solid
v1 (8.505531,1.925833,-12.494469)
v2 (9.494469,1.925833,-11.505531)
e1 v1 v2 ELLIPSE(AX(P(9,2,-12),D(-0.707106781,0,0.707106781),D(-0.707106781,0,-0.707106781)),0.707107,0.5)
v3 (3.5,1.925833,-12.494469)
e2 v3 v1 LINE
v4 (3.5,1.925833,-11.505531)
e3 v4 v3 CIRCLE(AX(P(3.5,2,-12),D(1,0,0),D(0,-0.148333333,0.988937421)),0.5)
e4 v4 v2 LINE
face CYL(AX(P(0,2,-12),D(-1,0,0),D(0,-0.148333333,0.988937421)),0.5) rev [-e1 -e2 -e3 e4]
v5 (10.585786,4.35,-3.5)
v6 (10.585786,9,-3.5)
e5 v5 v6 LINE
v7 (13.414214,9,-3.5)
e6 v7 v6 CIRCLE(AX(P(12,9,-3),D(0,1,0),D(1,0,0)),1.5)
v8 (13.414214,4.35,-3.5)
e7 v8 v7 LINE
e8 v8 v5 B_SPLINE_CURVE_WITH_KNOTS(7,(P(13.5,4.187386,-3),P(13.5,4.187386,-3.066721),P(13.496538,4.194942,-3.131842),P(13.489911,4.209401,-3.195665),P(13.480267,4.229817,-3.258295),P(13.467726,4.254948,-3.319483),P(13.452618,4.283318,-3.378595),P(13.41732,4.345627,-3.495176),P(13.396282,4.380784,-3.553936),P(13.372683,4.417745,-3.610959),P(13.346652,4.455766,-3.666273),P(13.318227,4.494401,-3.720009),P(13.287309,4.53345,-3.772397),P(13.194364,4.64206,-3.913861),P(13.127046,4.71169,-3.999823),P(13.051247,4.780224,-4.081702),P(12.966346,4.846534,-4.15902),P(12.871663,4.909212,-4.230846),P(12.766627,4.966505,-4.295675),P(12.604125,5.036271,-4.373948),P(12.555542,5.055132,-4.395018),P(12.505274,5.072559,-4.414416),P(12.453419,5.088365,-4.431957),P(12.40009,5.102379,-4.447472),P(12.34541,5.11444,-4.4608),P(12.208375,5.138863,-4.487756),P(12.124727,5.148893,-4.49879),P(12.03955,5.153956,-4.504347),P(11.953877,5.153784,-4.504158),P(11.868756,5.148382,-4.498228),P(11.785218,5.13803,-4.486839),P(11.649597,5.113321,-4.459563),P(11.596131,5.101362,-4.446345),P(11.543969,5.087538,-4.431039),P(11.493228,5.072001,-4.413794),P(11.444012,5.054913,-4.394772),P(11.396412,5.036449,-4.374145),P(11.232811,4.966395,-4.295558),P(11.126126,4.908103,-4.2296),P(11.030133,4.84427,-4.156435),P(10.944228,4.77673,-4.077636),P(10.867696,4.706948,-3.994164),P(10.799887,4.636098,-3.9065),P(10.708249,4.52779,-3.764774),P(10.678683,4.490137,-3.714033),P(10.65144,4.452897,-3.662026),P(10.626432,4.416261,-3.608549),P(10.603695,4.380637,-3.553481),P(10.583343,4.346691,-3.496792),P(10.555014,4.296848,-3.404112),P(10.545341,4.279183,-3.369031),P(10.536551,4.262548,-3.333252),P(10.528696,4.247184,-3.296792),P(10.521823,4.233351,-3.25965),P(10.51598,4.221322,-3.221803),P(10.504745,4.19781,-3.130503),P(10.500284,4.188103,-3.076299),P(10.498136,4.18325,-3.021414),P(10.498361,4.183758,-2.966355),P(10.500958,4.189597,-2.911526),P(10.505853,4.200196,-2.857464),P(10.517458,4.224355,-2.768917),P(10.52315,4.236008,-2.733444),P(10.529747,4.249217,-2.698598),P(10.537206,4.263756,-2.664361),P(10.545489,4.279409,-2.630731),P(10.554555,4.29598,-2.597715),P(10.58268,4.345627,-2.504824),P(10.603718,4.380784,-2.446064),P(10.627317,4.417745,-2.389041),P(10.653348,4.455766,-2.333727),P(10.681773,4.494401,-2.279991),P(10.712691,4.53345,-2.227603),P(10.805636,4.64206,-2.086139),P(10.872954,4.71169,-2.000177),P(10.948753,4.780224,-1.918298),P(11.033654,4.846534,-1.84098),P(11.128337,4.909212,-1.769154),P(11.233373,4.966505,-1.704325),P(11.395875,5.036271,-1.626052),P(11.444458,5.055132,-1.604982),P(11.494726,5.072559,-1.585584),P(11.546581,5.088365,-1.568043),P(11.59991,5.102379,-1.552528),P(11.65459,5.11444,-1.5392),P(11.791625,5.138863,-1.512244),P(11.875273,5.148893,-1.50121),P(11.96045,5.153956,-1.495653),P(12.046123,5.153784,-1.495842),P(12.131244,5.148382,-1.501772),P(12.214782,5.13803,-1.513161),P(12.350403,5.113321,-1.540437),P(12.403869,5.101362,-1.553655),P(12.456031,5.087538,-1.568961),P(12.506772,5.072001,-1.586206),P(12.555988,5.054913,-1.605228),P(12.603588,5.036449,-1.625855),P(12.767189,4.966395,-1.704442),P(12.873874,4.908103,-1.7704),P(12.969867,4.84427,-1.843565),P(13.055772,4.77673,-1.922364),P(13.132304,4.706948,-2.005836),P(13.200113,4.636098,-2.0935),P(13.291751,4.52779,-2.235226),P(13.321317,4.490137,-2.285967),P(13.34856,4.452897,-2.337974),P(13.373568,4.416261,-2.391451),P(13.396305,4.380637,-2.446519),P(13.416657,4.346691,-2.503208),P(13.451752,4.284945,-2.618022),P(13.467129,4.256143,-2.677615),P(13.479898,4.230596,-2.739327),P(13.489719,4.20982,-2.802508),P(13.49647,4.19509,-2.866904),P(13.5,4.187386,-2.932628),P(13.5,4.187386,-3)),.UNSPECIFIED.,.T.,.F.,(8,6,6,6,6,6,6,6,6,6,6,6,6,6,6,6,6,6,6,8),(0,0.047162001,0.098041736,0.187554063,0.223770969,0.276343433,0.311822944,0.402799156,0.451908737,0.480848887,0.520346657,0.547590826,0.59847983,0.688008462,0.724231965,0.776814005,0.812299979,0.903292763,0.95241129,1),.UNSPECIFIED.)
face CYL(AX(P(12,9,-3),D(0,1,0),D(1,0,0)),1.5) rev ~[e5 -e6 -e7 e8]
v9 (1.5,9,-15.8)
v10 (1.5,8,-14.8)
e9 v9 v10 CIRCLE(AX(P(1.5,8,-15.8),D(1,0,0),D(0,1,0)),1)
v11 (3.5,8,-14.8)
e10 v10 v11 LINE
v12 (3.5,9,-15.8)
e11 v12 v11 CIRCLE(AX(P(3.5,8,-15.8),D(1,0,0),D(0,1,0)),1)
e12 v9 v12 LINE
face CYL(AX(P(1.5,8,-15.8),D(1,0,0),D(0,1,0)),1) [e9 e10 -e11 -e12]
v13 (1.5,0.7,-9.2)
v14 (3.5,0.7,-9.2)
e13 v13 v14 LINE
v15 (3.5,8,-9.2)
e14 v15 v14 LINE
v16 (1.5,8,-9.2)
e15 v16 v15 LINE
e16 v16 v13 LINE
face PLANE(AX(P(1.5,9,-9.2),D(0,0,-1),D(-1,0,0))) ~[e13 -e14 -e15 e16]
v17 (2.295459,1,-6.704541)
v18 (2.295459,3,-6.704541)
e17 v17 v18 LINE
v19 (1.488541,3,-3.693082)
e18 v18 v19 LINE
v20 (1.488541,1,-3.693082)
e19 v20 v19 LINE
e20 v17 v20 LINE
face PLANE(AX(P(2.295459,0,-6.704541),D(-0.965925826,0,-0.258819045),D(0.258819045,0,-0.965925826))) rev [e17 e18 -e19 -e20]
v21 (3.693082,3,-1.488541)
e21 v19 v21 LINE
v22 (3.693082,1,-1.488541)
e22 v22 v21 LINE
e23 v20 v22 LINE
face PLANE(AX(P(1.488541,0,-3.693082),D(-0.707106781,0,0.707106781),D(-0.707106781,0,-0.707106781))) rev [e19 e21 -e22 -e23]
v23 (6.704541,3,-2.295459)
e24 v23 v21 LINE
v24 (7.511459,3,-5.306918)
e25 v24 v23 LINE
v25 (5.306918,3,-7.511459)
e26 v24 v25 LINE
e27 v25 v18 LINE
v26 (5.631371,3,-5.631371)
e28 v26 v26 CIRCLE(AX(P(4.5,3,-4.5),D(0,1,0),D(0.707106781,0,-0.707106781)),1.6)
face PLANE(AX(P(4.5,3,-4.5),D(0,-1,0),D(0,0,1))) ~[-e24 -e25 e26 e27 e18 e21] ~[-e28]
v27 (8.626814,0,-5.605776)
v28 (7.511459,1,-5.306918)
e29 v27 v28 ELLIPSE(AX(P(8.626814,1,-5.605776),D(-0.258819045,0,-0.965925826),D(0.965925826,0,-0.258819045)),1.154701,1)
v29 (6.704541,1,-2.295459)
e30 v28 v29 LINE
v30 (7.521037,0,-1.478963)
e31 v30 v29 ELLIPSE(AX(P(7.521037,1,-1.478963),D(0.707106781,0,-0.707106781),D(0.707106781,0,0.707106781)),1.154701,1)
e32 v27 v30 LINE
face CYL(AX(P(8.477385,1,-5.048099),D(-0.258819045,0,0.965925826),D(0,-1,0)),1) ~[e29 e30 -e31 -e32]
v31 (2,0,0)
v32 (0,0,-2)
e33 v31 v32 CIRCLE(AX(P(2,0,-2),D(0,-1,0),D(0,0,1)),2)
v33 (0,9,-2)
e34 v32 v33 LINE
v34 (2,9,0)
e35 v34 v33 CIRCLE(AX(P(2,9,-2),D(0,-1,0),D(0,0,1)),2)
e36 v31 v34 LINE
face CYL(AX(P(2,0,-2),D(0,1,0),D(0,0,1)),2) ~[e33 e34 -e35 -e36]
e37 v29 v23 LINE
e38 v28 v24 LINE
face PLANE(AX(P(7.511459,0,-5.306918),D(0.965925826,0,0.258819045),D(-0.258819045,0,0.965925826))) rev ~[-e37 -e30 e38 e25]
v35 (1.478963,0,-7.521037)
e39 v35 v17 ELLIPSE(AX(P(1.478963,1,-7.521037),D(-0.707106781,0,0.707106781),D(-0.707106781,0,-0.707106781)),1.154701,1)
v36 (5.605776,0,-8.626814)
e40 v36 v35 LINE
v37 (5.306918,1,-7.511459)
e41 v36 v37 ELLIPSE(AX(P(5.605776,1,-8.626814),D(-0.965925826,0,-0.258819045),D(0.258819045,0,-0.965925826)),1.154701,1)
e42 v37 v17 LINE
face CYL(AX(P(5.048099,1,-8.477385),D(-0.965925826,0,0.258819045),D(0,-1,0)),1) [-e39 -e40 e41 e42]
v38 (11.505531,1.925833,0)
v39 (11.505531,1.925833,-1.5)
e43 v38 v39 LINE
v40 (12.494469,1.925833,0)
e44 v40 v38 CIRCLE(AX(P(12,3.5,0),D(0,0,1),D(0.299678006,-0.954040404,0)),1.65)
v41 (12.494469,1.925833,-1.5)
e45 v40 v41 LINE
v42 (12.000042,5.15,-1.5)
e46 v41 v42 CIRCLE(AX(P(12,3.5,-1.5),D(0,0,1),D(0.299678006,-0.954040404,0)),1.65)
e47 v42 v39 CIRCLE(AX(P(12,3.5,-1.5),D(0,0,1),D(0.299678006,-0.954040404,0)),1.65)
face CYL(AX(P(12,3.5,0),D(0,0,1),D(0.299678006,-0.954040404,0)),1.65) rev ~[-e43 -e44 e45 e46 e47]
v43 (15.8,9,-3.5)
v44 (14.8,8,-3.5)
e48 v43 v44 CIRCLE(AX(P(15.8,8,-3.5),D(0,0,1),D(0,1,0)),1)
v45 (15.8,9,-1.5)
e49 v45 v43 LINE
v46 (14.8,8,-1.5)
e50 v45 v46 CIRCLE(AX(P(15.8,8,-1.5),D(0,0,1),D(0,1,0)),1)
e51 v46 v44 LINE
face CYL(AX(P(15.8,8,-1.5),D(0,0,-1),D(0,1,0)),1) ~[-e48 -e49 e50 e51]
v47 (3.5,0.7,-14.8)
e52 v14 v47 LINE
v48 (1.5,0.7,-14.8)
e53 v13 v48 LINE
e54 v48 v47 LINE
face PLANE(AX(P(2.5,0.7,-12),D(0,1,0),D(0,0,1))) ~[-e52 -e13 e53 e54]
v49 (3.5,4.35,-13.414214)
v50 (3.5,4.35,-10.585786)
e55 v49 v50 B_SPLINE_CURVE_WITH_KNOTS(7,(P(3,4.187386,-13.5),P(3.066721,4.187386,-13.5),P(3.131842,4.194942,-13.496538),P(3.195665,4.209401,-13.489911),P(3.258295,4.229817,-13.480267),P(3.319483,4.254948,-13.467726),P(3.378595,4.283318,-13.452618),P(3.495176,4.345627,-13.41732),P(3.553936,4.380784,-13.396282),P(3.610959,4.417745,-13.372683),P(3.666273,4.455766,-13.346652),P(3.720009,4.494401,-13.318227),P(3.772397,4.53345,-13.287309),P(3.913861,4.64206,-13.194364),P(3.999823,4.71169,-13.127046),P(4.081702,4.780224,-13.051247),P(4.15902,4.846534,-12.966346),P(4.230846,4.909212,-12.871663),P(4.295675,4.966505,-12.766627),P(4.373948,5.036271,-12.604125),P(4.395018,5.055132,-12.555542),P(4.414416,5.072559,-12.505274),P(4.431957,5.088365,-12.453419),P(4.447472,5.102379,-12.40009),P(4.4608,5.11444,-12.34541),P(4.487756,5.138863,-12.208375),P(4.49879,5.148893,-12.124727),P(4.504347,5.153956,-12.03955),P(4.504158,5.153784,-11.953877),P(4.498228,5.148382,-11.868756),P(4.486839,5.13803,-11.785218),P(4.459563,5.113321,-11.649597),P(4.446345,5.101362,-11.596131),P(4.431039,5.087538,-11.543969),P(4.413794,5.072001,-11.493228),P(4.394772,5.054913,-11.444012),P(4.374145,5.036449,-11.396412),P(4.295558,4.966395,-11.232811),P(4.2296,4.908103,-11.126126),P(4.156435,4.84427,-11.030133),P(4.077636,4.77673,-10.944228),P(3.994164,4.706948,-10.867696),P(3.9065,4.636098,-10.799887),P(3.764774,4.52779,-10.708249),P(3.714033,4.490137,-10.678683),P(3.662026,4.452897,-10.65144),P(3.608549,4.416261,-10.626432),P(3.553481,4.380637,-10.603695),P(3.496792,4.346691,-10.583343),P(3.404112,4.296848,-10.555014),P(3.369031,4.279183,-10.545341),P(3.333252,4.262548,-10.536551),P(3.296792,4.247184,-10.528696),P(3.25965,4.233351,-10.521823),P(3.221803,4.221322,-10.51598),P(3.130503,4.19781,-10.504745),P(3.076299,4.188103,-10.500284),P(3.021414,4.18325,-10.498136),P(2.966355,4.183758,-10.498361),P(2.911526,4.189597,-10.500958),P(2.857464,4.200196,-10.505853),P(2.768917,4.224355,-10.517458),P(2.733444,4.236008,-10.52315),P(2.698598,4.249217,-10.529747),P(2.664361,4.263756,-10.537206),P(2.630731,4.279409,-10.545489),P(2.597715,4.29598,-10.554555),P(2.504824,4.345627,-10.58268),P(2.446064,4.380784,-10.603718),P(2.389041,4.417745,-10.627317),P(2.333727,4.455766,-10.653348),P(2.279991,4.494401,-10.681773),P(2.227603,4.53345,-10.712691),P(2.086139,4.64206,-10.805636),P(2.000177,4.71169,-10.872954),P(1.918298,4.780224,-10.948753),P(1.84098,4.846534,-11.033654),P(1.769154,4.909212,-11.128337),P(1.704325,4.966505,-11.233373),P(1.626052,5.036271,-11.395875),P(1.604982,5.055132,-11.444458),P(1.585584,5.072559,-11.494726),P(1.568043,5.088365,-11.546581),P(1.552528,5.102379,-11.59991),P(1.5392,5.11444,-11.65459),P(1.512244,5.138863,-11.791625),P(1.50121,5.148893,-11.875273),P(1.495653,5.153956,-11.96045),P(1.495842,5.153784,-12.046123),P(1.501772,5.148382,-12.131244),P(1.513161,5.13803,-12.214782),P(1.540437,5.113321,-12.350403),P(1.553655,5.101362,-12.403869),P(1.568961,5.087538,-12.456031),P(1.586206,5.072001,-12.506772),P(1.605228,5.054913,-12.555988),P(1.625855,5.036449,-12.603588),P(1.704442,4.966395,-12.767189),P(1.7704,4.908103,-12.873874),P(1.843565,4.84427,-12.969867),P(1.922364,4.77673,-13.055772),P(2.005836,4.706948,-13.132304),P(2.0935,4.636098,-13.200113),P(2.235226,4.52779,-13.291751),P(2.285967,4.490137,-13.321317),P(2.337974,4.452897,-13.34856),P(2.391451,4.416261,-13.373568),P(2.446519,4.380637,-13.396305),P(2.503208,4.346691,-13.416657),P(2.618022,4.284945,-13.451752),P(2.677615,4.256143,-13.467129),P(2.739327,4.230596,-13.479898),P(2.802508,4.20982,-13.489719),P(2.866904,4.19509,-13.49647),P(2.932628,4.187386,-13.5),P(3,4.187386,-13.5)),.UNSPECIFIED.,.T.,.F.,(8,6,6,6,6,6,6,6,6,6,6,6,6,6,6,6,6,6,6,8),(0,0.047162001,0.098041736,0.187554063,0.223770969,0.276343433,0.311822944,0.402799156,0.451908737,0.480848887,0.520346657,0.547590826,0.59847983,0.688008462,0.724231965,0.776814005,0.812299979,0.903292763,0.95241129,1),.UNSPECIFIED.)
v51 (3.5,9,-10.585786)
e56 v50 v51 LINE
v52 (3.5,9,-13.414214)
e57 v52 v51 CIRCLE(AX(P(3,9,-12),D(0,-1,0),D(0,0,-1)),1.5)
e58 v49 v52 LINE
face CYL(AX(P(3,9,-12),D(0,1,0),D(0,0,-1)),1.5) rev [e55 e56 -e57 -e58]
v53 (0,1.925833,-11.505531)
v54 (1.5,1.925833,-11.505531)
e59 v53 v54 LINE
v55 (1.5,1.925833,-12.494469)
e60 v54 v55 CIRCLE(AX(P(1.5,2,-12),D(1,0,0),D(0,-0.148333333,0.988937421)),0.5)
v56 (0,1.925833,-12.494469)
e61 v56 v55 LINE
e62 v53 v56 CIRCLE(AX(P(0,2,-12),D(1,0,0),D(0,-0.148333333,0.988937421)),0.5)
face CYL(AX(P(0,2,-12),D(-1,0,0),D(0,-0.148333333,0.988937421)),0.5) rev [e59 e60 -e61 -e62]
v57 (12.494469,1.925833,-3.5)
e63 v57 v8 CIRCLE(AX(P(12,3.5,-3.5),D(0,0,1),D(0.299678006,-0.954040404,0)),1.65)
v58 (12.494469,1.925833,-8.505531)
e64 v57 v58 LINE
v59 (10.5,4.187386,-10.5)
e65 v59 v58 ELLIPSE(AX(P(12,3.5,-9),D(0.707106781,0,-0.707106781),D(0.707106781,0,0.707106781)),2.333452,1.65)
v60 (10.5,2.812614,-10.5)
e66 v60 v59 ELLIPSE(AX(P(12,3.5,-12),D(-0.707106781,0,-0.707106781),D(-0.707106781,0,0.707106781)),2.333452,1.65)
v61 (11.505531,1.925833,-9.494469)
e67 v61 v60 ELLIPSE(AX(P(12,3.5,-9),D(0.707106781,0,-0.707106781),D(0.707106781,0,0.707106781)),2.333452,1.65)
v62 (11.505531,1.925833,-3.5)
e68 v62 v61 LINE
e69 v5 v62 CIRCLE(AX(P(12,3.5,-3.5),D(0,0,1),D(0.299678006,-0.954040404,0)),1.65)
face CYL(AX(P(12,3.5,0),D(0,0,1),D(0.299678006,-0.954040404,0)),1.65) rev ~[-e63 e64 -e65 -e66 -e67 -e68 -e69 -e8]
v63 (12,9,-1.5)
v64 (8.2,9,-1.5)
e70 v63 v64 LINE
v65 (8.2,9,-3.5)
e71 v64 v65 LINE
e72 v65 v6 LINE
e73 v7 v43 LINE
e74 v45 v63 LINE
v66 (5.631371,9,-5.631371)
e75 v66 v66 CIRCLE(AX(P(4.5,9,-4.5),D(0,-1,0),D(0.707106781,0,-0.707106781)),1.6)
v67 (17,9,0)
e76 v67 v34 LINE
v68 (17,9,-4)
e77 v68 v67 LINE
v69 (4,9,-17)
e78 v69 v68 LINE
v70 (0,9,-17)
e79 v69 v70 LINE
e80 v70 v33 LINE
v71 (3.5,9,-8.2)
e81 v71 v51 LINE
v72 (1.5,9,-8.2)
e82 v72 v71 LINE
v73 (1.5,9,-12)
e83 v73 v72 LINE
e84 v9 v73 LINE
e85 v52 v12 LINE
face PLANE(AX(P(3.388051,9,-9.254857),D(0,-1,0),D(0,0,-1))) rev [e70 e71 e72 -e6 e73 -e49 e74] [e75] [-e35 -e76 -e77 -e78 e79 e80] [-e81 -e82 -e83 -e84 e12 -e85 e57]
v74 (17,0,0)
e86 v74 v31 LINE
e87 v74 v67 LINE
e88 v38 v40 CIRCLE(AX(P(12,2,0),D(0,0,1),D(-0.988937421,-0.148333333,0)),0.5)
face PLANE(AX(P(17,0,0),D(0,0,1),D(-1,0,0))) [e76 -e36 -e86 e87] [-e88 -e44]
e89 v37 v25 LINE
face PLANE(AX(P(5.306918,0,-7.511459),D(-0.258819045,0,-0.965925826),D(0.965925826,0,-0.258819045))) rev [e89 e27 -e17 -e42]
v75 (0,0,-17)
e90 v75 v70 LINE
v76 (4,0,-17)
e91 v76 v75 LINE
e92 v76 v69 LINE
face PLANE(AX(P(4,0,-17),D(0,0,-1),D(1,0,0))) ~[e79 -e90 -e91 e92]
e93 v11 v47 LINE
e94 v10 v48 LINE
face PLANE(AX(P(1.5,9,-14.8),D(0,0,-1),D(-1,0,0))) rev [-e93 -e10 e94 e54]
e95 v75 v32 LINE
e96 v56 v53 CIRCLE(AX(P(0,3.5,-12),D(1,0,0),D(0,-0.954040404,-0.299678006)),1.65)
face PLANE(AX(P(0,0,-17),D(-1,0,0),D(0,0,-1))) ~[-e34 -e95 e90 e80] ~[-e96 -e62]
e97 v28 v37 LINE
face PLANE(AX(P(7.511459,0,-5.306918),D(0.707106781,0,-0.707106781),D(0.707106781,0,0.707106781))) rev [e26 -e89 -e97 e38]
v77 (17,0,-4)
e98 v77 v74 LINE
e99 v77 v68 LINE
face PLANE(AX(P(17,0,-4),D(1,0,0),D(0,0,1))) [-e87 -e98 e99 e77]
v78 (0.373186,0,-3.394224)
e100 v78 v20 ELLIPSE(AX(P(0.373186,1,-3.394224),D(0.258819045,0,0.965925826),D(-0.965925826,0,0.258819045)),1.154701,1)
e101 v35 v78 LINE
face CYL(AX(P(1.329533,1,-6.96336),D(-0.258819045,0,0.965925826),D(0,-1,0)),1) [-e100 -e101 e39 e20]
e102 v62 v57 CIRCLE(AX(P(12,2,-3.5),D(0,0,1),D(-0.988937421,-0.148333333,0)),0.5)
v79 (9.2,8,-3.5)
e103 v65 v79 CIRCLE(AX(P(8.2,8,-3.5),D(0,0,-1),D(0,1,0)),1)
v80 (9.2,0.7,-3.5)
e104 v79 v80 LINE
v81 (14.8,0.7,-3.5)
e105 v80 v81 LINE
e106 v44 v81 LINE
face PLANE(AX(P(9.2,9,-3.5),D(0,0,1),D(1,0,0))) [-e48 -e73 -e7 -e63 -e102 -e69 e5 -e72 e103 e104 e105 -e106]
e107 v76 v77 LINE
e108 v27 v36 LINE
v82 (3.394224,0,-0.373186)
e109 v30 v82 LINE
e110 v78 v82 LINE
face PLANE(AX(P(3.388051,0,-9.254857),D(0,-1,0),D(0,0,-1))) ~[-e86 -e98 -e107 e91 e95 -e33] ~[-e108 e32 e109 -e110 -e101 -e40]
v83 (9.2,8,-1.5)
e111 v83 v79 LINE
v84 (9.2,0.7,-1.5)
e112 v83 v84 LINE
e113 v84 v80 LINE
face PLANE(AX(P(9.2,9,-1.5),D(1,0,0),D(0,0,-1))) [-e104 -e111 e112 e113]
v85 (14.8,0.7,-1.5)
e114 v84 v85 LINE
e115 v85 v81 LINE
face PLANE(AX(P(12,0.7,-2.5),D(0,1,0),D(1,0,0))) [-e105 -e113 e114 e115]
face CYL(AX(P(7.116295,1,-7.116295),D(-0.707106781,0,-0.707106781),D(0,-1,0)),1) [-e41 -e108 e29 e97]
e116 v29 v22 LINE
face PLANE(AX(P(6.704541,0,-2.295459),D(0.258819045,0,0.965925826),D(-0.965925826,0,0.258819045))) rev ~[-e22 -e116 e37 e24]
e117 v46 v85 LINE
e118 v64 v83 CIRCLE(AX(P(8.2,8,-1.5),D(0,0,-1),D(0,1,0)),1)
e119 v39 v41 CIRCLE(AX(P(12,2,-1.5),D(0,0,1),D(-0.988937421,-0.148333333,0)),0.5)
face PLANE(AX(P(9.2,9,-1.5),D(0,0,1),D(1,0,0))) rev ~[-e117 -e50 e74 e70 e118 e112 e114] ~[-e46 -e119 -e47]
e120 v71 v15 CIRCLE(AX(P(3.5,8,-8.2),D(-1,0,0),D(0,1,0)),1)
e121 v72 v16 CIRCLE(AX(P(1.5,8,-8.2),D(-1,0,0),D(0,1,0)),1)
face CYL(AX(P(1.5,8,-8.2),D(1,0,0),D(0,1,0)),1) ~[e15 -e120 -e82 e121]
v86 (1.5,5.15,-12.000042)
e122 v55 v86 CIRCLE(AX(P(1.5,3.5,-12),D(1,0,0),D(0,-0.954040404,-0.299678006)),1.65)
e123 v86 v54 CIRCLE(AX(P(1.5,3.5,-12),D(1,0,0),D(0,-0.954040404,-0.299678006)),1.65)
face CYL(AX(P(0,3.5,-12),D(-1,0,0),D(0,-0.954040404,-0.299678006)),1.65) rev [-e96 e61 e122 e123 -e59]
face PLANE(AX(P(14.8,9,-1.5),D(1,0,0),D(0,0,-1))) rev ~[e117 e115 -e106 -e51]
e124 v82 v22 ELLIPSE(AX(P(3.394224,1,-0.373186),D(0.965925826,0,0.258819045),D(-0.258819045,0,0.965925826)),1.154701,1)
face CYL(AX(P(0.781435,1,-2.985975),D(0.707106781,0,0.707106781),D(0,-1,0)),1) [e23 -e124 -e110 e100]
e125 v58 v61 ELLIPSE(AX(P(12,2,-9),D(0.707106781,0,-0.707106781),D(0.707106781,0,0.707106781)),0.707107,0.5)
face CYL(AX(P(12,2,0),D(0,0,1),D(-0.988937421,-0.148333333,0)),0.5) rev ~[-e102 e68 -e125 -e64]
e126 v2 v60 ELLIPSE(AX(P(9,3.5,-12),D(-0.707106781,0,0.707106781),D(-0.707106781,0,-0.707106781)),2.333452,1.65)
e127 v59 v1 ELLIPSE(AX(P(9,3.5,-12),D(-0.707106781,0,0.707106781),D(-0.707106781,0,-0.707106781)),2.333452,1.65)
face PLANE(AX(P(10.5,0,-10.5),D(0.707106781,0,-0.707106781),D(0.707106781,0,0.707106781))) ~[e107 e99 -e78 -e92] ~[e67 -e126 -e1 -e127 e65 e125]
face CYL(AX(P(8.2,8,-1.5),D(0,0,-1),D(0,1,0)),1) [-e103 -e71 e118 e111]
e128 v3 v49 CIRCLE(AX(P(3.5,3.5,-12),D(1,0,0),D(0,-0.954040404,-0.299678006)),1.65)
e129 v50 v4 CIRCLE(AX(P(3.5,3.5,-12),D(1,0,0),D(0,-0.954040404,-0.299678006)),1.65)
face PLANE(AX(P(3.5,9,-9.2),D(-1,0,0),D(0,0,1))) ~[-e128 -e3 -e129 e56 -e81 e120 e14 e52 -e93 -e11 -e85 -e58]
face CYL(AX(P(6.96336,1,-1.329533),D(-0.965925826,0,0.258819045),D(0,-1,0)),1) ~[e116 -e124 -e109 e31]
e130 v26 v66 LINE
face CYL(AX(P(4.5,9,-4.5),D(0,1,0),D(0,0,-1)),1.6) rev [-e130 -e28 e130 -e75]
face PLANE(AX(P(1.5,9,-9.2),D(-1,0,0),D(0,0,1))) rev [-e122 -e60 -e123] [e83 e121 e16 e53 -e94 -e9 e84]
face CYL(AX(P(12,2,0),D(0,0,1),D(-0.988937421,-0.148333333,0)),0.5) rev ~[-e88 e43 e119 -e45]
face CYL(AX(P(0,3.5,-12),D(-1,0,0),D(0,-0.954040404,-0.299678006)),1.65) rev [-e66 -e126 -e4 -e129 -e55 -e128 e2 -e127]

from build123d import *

# Parameters (mm, degrees)
BOSS_EXTRUDE1_DEPTH     = 9
SKETCH2_W               = 5.6
SKETCH2_H               = 2
CUT_EXTRUDE1_DEPTH      = 8.3
CUT_EXTRUDE2_DEPTH      = 22.914607001
CUT_EXTRUDE5_REACH      = 23.915
CUT_EXTRUDE5_END_RADIUS = 1.65
SKETCH16_R              = 1.5
FILLET2_R               = 1
SKETCH6_R               = 1.6
CUT_EXTRUDE3_DEPTH      = 22.914607049
CUT_EXTRUDE4_DEPTH      = 3
FILLET3_R               = 1
FILLET1_R               = 2


with BuildPart() as part:
    # Sketch1 → Boss-Extrude1 (new body)
    with BuildSketch(Plane(origin=(0, 0, 0), x_dir=(1, 0, 0), z_dir=(0, 1, 0))):
        Polygon((10.5, 10.5), (17, 4), (17, 0), (0, 0), align=None)
    extrude(amount=BOSS_EXTRUDE1_DEPTH)

    # Sketch2 → Cut-Extrude1 (cut)
    with BuildSketch(Plane(origin=(0, 9, 0), x_dir=(1, 0, 0), z_dir=(0, 1, 0))):
        with Locations((12, 2.5)):
            Rectangle(SKETCH2_W, SKETCH2_H)
    extrude(amount=-CUT_EXTRUDE1_DEPTH, mode=Mode.SUBTRACT)

    # Sketch4 → Cut-Extrude2 (cut, through all)
    with BuildSketch(Plane.XY):
        with BuildLine():
            ThreePointArc((12.49446871, 1.925833333), (12, 5.15), (11.50553129, 1.925833333))
            ThreePointArc((11.50553129, 1.925833333), (12, 1.5), (12.49446871, 1.925833333))
        make_face()
    extrude(amount=-CUT_EXTRUDE2_DEPTH, mode=Mode.SUBTRACT)

    # Cut-Extrude5: up to this cylinder (the profile starts outside it)
    cut_extrude5_end = Plane(origin=(12, 3.5, -3), z_dir=(0, 0, 1)) * Cylinder(CUT_EXTRUDE5_END_RADIUS, 52.13, mode=Mode.PRIVATE)
    # Sketch16 → Cut-Extrude5 (cut, up to the surface)
    with BuildSketch(Plane(origin=(0, 9, 0), x_dir=(1, 0, 0), z_dir=(0, 1, 0)), mode=Mode.PRIVATE) as cut_extrude5_sk1:
        with Locations((12, 3)):
            Circle(SKETCH16_R)
    cut_extrude5_tool1 = extrude(cut_extrude5_sk1.sketch, amount=-CUT_EXTRUDE5_REACH, mode=Mode.PRIVATE) - cut_extrude5_end
    add(cut_extrude5_tool1.solids().sort_by_distance((12, 9, -3))[0], mode=Mode.SUBTRACT)

    # Fillet2
    fillet2_edges = [part.edges().sort_by_distance(p)[0] for p in [
        (14.8, 9, -2.5),
        (9.2, 9, -2.5),
    ]]
    fillet(fillet2_edges, radius=FILLET2_R)

    # Sketch6 → Cut-Extrude3 (cut, through all)
    with BuildSketch(Plane(origin=(0, 9, 0), x_dir=(1, 0, 0), z_dir=(0, 1, 0))):
        with Locations((4.5, 4.5)):
            Circle(SKETCH6_R)
    extrude(amount=-CUT_EXTRUDE3_DEPTH, mode=Mode.SUBTRACT)

    # Sketch9 → Cut-Extrude4 (cut)
    with BuildSketch(Plane.XZ):
        Polygon((7.511458693, -5.306917925), (6.704540769, -2.295459231), (3.693082075, -1.488541307), (1.488541307, -3.693082075), (2.295459231, -6.704540769), (5.306917925, -7.511458693), align=None)
    extrude(amount=-CUT_EXTRUDE4_DEPTH, mode=Mode.SUBTRACT)

    # Fillet3
    fillet3_edges = [part.edges().sort_by_distance(p)[0] for p in [
        (6.960323501, 0, -5.858053117),
        (7.107999731, 0, -3.801188578),
        (5.198811422, 0, -1.892000269),
        (3.141946883, 0, -2.039676499),
    ]]
    fillet(fillet3_edges, radius=FILLET3_R)

    # Mirror1: part across plane


with BuildPart() as part_1:
    add(part.part)
    add(part.part.mirror(Plane(origin=(0, 9, 0), x_dir=(-0.7071067811865432, 0, 0.7071067811865518), z_dir=(0.707106781186552, 0, 0.7071067811865431))))

    # Fillet1
    fillet1_edges = [part_1.edges().sort_by_distance(p)[0] for p in [
        (0, 4.5, 0),
    ]]
    fillet(fillet1_edges, radius=FILLET1_R)


solid = part_1.part
